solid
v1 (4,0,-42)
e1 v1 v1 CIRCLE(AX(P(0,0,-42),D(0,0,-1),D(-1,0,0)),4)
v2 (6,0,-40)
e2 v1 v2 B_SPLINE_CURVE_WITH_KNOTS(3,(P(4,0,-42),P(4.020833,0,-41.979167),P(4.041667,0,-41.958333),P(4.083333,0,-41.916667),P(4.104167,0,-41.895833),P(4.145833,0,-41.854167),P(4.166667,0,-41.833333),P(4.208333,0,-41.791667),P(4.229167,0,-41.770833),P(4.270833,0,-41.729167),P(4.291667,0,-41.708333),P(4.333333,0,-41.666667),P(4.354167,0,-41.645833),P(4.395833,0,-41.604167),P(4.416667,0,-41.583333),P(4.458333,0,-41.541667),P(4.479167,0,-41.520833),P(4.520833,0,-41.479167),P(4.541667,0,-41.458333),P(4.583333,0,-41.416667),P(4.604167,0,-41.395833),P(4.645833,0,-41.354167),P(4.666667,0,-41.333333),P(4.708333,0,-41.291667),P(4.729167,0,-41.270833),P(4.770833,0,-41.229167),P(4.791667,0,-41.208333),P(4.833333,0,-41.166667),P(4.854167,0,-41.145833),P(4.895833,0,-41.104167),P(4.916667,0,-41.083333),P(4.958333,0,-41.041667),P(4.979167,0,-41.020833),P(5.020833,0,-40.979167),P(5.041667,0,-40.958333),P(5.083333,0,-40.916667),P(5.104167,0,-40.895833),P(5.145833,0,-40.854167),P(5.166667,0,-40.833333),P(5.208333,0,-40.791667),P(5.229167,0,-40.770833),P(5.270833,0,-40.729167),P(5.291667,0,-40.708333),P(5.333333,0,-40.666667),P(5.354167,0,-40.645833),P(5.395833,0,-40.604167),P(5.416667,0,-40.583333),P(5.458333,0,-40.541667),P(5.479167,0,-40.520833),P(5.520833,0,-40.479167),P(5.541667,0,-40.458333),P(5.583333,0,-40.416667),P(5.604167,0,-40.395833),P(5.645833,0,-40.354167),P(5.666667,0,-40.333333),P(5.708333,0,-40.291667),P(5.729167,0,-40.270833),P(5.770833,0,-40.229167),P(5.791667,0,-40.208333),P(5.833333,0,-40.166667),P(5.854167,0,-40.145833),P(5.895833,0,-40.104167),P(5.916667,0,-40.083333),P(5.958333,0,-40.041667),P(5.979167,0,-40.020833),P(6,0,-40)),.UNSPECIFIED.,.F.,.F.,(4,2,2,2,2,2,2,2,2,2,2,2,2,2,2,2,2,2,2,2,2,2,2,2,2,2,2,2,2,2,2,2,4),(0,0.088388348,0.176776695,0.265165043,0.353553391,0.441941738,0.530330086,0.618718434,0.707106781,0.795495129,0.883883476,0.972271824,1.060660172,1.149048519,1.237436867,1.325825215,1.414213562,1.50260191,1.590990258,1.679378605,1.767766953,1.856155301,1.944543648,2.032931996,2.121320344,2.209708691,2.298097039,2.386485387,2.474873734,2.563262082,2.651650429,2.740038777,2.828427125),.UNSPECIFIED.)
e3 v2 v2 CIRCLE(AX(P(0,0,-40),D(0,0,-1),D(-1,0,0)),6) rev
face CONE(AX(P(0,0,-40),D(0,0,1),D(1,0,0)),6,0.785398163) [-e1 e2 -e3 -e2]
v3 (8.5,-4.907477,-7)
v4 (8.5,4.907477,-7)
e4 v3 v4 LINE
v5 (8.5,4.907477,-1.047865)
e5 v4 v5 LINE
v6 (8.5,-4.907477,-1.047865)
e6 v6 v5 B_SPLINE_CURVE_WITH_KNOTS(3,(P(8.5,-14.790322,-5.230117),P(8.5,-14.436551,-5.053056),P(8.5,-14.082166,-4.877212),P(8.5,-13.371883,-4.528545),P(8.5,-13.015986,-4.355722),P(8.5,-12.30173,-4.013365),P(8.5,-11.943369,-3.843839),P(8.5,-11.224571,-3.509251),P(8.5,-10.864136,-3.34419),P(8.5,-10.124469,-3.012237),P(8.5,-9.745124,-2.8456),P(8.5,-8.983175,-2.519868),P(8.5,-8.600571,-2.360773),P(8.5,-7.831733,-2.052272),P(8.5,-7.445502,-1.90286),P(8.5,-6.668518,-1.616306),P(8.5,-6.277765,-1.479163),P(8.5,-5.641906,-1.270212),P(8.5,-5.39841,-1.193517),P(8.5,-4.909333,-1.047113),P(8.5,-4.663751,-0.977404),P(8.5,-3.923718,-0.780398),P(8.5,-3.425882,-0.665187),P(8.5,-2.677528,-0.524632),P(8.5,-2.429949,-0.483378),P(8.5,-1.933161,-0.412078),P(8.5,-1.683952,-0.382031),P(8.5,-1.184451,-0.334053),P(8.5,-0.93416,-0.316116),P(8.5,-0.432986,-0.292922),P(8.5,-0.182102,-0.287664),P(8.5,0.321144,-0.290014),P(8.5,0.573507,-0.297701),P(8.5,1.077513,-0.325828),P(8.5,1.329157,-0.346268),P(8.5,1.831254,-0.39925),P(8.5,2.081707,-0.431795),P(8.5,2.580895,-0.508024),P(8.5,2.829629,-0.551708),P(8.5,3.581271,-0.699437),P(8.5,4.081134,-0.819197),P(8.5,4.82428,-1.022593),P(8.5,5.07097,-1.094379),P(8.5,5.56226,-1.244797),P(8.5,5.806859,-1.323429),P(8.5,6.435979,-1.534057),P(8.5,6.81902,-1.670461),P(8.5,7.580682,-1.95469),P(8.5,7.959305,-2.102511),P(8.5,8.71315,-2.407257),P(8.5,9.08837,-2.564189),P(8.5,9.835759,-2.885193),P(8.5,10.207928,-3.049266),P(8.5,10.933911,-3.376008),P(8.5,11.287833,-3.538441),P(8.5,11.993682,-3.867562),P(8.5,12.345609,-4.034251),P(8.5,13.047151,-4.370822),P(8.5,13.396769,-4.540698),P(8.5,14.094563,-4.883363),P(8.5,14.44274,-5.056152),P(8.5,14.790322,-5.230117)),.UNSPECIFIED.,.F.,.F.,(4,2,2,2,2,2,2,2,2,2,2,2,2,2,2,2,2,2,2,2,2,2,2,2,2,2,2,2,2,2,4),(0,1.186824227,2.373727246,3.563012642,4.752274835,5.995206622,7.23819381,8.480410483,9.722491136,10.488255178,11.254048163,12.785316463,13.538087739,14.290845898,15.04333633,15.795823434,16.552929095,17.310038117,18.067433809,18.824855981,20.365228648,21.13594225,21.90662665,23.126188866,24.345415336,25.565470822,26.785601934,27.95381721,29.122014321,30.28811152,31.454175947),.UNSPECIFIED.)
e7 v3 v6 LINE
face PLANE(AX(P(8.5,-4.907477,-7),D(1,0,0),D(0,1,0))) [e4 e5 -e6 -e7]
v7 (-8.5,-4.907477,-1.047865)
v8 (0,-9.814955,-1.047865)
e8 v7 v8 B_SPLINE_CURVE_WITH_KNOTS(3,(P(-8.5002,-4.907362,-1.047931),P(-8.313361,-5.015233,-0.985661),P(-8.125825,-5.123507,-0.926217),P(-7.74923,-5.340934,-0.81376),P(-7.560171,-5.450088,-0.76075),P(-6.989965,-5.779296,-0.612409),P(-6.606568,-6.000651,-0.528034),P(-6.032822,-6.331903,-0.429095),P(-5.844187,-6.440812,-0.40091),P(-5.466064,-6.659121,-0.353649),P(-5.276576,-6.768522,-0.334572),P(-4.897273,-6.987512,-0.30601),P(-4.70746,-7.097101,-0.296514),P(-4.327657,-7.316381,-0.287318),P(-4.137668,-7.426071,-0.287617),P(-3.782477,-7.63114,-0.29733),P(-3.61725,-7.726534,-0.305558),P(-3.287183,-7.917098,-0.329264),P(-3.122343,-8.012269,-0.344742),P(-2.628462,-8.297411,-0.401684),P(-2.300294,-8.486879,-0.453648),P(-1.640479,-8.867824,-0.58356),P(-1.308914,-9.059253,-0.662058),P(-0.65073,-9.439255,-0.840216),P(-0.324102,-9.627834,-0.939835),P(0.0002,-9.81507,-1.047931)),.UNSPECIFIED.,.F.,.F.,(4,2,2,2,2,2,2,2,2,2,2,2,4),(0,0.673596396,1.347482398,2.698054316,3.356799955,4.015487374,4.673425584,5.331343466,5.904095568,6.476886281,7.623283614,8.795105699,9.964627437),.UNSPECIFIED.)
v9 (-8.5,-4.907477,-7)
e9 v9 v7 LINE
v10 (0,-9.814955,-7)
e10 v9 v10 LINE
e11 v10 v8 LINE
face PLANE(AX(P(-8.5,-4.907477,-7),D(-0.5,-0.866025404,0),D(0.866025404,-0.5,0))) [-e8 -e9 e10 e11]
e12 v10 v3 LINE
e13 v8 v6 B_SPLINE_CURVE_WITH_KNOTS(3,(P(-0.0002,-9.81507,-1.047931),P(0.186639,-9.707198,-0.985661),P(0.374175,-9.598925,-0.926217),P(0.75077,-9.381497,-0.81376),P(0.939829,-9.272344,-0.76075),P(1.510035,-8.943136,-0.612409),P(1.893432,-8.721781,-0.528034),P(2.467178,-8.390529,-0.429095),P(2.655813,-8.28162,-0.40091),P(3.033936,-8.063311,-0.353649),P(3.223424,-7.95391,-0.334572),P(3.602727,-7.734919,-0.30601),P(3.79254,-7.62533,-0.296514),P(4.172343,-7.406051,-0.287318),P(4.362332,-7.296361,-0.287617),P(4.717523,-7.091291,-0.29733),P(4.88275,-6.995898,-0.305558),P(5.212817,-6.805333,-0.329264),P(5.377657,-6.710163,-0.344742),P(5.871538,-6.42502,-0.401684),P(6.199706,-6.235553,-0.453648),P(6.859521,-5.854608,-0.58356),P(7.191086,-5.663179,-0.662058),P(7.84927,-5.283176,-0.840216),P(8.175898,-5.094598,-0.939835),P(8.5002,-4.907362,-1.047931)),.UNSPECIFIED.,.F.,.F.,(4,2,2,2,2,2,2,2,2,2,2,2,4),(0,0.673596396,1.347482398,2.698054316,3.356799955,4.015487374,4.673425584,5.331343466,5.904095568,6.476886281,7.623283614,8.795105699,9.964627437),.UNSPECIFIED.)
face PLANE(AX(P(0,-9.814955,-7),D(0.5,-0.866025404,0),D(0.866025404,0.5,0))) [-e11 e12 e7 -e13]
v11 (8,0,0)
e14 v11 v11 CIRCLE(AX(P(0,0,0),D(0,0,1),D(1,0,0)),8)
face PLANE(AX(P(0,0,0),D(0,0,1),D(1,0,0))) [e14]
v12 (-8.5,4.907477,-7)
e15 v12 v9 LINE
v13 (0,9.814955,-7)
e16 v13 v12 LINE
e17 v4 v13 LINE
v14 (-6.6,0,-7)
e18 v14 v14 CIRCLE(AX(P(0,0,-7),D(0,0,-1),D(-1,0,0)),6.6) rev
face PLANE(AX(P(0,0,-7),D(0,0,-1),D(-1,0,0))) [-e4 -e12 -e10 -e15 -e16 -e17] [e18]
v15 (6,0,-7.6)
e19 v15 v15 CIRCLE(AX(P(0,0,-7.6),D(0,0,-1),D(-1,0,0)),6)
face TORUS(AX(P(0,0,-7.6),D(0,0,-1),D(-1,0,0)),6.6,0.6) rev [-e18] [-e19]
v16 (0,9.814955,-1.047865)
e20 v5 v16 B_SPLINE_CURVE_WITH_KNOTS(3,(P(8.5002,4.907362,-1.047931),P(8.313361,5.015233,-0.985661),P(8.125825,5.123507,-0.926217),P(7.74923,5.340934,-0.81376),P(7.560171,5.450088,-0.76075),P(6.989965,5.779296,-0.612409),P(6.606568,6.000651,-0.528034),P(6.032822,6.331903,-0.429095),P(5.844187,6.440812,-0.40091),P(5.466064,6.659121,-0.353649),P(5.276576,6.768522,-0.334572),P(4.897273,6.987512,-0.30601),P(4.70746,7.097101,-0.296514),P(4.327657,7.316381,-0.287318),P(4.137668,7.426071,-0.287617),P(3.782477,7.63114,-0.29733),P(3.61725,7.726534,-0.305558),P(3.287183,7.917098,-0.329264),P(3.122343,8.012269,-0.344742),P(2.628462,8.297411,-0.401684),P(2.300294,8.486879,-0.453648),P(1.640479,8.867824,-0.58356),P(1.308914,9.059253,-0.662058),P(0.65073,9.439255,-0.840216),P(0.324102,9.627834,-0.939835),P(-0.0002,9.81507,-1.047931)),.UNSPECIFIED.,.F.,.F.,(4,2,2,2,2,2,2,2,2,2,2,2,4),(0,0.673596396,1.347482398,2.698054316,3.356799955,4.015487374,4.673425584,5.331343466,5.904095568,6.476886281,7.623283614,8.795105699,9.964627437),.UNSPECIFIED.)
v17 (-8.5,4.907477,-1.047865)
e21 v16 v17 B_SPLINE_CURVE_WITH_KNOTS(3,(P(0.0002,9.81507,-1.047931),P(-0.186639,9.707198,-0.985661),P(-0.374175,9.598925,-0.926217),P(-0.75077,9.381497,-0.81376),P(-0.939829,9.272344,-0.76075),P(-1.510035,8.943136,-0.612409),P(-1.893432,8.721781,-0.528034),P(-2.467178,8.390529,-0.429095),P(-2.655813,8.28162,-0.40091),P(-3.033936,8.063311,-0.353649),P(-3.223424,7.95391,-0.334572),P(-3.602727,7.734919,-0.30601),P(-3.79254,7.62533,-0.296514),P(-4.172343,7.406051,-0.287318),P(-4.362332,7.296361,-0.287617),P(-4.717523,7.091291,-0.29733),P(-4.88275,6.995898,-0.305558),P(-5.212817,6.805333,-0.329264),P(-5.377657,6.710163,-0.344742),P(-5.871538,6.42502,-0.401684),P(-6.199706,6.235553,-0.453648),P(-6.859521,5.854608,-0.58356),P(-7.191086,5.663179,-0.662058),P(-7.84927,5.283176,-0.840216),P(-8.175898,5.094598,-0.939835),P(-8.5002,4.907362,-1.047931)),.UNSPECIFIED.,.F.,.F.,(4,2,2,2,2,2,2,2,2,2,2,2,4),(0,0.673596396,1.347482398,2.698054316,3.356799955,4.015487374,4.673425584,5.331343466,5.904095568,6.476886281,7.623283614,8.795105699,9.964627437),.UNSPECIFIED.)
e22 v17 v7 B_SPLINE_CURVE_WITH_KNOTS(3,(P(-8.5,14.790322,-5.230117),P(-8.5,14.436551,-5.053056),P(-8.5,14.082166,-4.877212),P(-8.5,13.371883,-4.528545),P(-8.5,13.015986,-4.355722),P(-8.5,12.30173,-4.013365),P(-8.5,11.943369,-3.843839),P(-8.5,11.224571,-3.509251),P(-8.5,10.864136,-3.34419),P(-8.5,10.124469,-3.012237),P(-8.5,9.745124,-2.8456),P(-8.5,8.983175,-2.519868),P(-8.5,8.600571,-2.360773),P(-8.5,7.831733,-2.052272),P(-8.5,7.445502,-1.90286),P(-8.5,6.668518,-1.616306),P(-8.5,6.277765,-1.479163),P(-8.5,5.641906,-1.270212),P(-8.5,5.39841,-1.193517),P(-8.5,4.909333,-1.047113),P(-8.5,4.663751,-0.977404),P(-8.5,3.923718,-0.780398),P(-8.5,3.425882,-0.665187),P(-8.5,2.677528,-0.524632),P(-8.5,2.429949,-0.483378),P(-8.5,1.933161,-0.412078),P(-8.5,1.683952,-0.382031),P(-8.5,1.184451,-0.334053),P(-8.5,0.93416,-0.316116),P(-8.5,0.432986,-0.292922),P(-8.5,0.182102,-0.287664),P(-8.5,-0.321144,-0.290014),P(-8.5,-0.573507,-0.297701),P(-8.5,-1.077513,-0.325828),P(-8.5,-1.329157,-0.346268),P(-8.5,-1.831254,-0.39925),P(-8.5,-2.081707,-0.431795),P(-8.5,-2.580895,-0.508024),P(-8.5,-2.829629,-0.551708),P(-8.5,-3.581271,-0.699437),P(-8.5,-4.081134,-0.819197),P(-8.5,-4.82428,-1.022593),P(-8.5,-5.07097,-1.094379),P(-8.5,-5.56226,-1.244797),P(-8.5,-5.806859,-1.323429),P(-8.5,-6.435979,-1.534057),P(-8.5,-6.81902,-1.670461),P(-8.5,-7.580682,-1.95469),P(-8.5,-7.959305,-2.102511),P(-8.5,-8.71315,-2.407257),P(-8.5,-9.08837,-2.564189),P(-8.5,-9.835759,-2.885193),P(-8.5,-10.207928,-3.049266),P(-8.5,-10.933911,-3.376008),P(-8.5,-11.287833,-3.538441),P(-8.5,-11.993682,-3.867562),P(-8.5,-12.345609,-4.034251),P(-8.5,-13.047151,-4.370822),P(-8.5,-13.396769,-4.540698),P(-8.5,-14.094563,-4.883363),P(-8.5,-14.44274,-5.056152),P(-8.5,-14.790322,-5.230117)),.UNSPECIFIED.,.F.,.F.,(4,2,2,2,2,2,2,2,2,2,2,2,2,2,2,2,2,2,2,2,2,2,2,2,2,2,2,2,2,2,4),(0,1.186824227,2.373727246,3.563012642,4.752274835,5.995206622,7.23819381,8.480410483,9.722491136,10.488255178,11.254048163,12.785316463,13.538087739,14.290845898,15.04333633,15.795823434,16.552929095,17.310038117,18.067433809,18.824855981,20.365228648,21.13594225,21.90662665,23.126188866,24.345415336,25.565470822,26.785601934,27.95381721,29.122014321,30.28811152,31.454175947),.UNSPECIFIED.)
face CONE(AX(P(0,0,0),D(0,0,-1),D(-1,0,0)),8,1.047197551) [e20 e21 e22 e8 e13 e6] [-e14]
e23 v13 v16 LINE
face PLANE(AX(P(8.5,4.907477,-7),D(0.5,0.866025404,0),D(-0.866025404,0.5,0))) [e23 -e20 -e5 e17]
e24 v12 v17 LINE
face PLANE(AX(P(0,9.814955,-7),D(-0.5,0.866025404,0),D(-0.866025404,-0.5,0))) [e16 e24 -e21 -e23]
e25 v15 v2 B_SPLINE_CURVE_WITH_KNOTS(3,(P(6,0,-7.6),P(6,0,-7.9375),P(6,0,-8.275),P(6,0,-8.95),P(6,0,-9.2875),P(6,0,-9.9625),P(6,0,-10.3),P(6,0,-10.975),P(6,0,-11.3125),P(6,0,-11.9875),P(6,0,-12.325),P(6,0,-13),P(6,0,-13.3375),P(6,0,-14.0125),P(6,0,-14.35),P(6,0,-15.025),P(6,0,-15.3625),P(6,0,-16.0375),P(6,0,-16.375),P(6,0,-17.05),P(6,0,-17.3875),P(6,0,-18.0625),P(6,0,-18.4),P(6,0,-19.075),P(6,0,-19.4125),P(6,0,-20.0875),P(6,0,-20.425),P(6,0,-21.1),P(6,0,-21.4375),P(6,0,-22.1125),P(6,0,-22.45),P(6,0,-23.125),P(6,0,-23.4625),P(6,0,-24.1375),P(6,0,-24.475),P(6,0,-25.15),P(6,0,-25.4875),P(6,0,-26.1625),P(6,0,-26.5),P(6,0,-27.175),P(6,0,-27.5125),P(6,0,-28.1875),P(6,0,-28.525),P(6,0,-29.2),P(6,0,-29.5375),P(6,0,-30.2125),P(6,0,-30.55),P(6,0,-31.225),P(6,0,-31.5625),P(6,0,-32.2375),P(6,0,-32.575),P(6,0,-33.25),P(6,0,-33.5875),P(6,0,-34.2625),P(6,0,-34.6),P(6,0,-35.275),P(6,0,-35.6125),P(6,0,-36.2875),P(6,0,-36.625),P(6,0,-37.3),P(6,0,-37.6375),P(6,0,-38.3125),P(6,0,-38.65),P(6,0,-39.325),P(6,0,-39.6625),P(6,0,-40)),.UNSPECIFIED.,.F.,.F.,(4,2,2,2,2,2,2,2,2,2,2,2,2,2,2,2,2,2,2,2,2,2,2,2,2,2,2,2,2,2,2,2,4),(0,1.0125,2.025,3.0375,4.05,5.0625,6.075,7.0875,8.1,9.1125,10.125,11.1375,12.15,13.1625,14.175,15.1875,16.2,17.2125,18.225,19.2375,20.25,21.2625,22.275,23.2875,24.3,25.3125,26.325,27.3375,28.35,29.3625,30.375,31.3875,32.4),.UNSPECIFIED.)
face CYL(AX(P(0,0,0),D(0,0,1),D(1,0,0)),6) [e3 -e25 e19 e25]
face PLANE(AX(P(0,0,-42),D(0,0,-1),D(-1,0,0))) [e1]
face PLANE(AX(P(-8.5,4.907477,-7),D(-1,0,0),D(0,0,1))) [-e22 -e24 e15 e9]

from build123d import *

# Parameters (mm, degrees)
CHAMFER_2_SIZE      = 2
FILLET_2_R          = 0.6
SKETCH_7_OUTSIDE_W  = 32.128
SKETCH_7_OUTSIDE_H  = 32.128
CUT_EXTRUDE_5_DEPTH = 7


with BuildPart() as part:
    # Эскиз1 → Повернуть2 (revolve)
    with BuildSketch(Plane(origin=(0, 0, 0), x_dir=(0, 0, -1), z_dir=(1, 0, 0)), mode=Mode.PRIVATE) as revolve_2_sk:
        Polygon((0, 8), (0, 0), (42, 0), (42, 6), (7, 6), (7, 10), (1.154700538, 10), align=None)
    revolve(revolve_2_sk.sketch.rotate(Axis((0, 0, 0), (0, 0, -1)), 90), axis=Axis((0, 0, 0), (0, 0, -1)))

    # Фаска2
    chamfer_2_edges = [part.edges().sort_by_distance(p)[0] for p in [
        (-6, 0, -42),
    ]]
    chamfer(chamfer_2_edges, length=CHAMFER_2_SIZE)

    # Скругление2
    fillet_2_edges = [part.edges().sort_by_distance(p)[0] for p in [
        (-6, 0, -7),
    ]]
    fillet(fillet_2_edges, radius=FILLET_2_R)

    # Эскиз7 outside → Вырез-Вытянуть5 (cut)
    with BuildSketch(Plane.XY):
        Rectangle(SKETCH_7_OUTSIDE_W, SKETCH_7_OUTSIDE_H)
        Polygon((0, 9.814954576), (-8.5, 4.907477288), (-8.5, -4.907477288), (0, -9.814954576), (8.5, -4.907477288), (8.5, 4.907477288), align=None, mode=Mode.SUBTRACT)
    extrude(amount=-CUT_EXTRUDE_5_DEPTH, mode=Mode.SUBTRACT)


solid = part.part
